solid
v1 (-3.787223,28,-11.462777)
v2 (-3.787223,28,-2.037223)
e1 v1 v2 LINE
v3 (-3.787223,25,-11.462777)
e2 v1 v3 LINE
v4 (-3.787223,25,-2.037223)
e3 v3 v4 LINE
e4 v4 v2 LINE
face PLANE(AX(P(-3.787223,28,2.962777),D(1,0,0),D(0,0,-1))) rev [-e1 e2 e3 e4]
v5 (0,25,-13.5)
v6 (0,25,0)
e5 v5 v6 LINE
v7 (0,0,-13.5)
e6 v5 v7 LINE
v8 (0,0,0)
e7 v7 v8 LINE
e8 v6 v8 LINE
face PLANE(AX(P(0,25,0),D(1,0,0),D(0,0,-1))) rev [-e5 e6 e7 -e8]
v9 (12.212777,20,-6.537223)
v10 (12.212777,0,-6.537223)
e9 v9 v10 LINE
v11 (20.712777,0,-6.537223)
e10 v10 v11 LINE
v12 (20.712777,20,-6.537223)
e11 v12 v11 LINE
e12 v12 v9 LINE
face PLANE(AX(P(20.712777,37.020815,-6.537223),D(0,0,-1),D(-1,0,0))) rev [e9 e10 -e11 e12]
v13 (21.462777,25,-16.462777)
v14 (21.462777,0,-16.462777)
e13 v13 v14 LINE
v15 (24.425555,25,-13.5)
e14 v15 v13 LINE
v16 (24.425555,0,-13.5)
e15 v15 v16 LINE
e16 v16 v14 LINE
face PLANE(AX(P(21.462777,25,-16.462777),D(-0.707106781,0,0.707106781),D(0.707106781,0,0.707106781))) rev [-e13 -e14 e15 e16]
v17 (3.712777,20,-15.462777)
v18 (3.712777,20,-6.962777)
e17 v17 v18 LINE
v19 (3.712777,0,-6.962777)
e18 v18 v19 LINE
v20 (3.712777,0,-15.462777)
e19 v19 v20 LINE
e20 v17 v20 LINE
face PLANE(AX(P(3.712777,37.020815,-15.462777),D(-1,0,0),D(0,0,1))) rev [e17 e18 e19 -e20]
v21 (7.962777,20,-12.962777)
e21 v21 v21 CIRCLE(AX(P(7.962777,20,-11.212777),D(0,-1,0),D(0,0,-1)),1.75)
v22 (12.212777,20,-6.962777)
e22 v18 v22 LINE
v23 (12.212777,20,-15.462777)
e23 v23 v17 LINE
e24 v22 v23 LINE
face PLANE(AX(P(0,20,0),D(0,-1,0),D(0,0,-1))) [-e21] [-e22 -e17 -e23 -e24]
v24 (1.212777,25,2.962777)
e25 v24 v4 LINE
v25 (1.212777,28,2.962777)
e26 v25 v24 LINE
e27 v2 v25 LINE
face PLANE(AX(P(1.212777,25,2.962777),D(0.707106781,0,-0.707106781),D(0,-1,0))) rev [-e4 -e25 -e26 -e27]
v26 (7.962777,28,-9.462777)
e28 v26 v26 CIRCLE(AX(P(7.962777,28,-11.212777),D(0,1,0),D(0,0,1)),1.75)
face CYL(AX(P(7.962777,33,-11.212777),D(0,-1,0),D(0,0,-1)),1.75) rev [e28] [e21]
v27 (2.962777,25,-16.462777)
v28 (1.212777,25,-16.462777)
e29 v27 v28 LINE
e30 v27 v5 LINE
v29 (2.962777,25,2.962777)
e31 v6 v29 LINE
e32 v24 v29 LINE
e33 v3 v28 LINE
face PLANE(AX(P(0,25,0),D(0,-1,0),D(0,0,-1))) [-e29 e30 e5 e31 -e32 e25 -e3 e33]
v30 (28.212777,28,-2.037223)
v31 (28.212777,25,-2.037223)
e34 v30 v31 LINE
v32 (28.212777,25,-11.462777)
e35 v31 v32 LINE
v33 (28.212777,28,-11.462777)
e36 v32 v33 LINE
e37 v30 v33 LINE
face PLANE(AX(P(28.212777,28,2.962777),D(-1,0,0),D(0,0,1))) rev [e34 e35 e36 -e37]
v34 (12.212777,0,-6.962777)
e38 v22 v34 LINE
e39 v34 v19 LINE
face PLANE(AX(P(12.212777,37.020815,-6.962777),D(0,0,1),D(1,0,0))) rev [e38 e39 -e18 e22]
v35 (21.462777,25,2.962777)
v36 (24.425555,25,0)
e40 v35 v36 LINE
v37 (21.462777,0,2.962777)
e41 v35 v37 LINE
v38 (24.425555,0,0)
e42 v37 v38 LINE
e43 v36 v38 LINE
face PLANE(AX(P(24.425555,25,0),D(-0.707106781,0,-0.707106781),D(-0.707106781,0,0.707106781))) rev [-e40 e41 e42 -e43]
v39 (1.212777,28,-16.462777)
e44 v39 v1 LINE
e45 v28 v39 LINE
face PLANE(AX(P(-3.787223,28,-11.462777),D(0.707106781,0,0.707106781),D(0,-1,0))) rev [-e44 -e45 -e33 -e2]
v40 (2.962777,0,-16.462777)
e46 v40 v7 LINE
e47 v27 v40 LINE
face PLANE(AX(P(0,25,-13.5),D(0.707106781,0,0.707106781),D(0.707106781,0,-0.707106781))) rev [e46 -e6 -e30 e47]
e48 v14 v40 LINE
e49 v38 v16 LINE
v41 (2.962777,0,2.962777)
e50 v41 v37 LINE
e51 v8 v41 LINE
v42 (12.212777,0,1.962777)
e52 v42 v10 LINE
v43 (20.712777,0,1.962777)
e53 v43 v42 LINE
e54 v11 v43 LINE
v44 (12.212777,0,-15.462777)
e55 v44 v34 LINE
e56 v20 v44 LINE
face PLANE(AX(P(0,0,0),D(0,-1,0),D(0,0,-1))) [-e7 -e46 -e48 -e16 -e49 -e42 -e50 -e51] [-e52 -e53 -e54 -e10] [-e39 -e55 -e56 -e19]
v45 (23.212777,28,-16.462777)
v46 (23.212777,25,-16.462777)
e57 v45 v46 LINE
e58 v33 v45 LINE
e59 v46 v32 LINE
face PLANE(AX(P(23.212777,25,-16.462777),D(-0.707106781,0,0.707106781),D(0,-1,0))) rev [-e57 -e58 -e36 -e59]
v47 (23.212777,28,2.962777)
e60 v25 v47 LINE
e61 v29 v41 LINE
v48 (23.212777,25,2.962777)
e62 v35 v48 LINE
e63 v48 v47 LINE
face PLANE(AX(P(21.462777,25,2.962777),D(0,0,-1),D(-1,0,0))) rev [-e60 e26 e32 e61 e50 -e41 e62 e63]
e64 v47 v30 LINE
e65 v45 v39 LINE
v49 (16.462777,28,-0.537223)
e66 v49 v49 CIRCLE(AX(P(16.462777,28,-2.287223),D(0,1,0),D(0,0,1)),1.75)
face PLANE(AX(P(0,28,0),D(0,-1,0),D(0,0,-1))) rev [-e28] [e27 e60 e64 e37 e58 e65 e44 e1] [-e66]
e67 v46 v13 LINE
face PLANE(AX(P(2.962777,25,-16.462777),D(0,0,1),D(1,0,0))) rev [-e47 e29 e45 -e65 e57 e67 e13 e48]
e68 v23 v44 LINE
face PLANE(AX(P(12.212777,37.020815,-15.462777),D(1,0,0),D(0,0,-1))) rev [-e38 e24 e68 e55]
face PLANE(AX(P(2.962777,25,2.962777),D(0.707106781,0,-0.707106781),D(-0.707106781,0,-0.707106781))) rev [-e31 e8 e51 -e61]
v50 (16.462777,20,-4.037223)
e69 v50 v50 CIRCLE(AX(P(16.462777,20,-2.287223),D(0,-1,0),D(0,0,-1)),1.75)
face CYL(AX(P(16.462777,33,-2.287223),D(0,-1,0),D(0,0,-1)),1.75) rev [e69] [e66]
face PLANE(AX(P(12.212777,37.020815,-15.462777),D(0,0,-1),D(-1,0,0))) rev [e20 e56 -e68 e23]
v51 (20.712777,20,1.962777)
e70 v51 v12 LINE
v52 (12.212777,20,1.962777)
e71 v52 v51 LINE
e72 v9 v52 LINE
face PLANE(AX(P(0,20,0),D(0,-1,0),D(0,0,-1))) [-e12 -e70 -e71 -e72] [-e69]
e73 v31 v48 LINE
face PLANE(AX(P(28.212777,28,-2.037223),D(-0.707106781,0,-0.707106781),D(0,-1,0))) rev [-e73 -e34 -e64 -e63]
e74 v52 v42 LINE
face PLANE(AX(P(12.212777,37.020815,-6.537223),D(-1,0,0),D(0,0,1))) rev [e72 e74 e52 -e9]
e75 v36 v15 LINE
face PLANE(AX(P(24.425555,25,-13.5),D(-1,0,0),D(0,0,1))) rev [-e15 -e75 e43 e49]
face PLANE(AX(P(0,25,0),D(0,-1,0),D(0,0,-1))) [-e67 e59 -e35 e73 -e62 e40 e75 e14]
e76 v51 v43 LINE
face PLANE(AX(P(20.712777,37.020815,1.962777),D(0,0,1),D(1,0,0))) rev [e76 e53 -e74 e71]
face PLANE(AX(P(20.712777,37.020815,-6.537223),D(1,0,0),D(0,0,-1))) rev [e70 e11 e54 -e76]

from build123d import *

# Parameters (mm, degrees)
BOSS_EXTRUDE1_DEPTH = 25
SKETCH5_W           = 8.5
SKETCH5_H           = 8.5
CUT_EXTRUDE1_DEPTH  = 20
SKETCH6_R           = 1.75
CUT_EXTRUDE2_DEPTH  = 13
SKETCH7_R           = 1.75
CUT_EXTRUDE3_DEPTH  = 13
SKETCH8_W           = 32
SKETCH8_H           = 19.425554826
SKETCH8_R           = 1.75
BOSS_EXTRUDE2_DEPTH = 3
CHAMFER3_SIZE       = 5


with BuildPart() as part:
    # Sketch2 → Boss-Extrude1 (new body)
    with BuildSketch(Plane(origin=(0, 0, 0), x_dir=(1, 0, 0), z_dir=(0, 1, 0))):
        Polygon((0, 0), (0, 13.5), (2.962777413, 16.462777413), (21.462777413, 16.462777413), (24.425554826, 13.5), (24.425554826, 0), (21.462777413, -2.962777413), (2.962777413, -2.962777413), align=None)
    extrude(amount=BOSS_EXTRUDE1_DEPTH)

    # Sketch5 → Cut-Extrude1 (cut)
    with BuildSketch(Plane(origin=(0, 0, 0), x_dir=(-1, 0, 0), z_dir=(0, -1, 0))):
        with Locations((-7.962777413, 11.212777413)):
            Rectangle(SKETCH5_W, SKETCH5_H)
        with Locations((-16.462777413, 2.287222587)):
            Rectangle(SKETCH5_W, SKETCH5_H)
    extrude(amount=-CUT_EXTRUDE1_DEPTH, mode=Mode.SUBTRACT)

    # Sketch6 → Cut-Extrude2 (cut)
    with BuildSketch(Plane(origin=(0, 20, 0), x_dir=(-1, 0, 0), z_dir=(0, -1, 0))):
        with Locations(Location((-7.962777413, 11.212777413, 0), (0, 0, 90))):
            Circle(SKETCH6_R)
    extrude(amount=-CUT_EXTRUDE2_DEPTH, mode=Mode.SUBTRACT)

    # Sketch7 → Cut-Extrude3 (cut)
    with BuildSketch(Plane.XZ.offset(-20)):
        with Locations(Location((16.462777413, -2.287222587, 0), (0, 0, 270))):
            Circle(SKETCH7_R)
    extrude(amount=-CUT_EXTRUDE3_DEPTH, mode=Mode.SUBTRACT)

    # Sketch8 → Boss-Extrude2 (add)
    with BuildSketch(Plane(origin=(0, 25, 0), x_dir=(1, 0, 0), z_dir=(0, 1, 0))):
        with Locations((12.212777413, 6.75)):
            Rectangle(SKETCH8_W, SKETCH8_H)
        with Locations(Location((7.962777413, 11.212777413, 0), (0, 0, 90))):
            Circle(SKETCH8_R, mode=Mode.SUBTRACT)
        with Locations(Location((16.462777413, 2.287222587, 0), (0, 0, 90))):
            Circle(SKETCH8_R, mode=Mode.SUBTRACT)
    extrude(amount=BOSS_EXTRUDE2_DEPTH)

    # Chamfer3
    chamfer3_edges = [part.edges().sort_by_distance(p)[0] for p in [
        (28.212777413, 26.5, 2.962777413),
        (28.212777413, 26.5, -16.462777413),
        (-3.787222587, 26.5, -16.462777413),
        (-3.787222587, 26.5, 2.962777413),
    ]]
    chamfer(chamfer3_edges, length=CHAMFER3_SIZE)


solid = part.part
